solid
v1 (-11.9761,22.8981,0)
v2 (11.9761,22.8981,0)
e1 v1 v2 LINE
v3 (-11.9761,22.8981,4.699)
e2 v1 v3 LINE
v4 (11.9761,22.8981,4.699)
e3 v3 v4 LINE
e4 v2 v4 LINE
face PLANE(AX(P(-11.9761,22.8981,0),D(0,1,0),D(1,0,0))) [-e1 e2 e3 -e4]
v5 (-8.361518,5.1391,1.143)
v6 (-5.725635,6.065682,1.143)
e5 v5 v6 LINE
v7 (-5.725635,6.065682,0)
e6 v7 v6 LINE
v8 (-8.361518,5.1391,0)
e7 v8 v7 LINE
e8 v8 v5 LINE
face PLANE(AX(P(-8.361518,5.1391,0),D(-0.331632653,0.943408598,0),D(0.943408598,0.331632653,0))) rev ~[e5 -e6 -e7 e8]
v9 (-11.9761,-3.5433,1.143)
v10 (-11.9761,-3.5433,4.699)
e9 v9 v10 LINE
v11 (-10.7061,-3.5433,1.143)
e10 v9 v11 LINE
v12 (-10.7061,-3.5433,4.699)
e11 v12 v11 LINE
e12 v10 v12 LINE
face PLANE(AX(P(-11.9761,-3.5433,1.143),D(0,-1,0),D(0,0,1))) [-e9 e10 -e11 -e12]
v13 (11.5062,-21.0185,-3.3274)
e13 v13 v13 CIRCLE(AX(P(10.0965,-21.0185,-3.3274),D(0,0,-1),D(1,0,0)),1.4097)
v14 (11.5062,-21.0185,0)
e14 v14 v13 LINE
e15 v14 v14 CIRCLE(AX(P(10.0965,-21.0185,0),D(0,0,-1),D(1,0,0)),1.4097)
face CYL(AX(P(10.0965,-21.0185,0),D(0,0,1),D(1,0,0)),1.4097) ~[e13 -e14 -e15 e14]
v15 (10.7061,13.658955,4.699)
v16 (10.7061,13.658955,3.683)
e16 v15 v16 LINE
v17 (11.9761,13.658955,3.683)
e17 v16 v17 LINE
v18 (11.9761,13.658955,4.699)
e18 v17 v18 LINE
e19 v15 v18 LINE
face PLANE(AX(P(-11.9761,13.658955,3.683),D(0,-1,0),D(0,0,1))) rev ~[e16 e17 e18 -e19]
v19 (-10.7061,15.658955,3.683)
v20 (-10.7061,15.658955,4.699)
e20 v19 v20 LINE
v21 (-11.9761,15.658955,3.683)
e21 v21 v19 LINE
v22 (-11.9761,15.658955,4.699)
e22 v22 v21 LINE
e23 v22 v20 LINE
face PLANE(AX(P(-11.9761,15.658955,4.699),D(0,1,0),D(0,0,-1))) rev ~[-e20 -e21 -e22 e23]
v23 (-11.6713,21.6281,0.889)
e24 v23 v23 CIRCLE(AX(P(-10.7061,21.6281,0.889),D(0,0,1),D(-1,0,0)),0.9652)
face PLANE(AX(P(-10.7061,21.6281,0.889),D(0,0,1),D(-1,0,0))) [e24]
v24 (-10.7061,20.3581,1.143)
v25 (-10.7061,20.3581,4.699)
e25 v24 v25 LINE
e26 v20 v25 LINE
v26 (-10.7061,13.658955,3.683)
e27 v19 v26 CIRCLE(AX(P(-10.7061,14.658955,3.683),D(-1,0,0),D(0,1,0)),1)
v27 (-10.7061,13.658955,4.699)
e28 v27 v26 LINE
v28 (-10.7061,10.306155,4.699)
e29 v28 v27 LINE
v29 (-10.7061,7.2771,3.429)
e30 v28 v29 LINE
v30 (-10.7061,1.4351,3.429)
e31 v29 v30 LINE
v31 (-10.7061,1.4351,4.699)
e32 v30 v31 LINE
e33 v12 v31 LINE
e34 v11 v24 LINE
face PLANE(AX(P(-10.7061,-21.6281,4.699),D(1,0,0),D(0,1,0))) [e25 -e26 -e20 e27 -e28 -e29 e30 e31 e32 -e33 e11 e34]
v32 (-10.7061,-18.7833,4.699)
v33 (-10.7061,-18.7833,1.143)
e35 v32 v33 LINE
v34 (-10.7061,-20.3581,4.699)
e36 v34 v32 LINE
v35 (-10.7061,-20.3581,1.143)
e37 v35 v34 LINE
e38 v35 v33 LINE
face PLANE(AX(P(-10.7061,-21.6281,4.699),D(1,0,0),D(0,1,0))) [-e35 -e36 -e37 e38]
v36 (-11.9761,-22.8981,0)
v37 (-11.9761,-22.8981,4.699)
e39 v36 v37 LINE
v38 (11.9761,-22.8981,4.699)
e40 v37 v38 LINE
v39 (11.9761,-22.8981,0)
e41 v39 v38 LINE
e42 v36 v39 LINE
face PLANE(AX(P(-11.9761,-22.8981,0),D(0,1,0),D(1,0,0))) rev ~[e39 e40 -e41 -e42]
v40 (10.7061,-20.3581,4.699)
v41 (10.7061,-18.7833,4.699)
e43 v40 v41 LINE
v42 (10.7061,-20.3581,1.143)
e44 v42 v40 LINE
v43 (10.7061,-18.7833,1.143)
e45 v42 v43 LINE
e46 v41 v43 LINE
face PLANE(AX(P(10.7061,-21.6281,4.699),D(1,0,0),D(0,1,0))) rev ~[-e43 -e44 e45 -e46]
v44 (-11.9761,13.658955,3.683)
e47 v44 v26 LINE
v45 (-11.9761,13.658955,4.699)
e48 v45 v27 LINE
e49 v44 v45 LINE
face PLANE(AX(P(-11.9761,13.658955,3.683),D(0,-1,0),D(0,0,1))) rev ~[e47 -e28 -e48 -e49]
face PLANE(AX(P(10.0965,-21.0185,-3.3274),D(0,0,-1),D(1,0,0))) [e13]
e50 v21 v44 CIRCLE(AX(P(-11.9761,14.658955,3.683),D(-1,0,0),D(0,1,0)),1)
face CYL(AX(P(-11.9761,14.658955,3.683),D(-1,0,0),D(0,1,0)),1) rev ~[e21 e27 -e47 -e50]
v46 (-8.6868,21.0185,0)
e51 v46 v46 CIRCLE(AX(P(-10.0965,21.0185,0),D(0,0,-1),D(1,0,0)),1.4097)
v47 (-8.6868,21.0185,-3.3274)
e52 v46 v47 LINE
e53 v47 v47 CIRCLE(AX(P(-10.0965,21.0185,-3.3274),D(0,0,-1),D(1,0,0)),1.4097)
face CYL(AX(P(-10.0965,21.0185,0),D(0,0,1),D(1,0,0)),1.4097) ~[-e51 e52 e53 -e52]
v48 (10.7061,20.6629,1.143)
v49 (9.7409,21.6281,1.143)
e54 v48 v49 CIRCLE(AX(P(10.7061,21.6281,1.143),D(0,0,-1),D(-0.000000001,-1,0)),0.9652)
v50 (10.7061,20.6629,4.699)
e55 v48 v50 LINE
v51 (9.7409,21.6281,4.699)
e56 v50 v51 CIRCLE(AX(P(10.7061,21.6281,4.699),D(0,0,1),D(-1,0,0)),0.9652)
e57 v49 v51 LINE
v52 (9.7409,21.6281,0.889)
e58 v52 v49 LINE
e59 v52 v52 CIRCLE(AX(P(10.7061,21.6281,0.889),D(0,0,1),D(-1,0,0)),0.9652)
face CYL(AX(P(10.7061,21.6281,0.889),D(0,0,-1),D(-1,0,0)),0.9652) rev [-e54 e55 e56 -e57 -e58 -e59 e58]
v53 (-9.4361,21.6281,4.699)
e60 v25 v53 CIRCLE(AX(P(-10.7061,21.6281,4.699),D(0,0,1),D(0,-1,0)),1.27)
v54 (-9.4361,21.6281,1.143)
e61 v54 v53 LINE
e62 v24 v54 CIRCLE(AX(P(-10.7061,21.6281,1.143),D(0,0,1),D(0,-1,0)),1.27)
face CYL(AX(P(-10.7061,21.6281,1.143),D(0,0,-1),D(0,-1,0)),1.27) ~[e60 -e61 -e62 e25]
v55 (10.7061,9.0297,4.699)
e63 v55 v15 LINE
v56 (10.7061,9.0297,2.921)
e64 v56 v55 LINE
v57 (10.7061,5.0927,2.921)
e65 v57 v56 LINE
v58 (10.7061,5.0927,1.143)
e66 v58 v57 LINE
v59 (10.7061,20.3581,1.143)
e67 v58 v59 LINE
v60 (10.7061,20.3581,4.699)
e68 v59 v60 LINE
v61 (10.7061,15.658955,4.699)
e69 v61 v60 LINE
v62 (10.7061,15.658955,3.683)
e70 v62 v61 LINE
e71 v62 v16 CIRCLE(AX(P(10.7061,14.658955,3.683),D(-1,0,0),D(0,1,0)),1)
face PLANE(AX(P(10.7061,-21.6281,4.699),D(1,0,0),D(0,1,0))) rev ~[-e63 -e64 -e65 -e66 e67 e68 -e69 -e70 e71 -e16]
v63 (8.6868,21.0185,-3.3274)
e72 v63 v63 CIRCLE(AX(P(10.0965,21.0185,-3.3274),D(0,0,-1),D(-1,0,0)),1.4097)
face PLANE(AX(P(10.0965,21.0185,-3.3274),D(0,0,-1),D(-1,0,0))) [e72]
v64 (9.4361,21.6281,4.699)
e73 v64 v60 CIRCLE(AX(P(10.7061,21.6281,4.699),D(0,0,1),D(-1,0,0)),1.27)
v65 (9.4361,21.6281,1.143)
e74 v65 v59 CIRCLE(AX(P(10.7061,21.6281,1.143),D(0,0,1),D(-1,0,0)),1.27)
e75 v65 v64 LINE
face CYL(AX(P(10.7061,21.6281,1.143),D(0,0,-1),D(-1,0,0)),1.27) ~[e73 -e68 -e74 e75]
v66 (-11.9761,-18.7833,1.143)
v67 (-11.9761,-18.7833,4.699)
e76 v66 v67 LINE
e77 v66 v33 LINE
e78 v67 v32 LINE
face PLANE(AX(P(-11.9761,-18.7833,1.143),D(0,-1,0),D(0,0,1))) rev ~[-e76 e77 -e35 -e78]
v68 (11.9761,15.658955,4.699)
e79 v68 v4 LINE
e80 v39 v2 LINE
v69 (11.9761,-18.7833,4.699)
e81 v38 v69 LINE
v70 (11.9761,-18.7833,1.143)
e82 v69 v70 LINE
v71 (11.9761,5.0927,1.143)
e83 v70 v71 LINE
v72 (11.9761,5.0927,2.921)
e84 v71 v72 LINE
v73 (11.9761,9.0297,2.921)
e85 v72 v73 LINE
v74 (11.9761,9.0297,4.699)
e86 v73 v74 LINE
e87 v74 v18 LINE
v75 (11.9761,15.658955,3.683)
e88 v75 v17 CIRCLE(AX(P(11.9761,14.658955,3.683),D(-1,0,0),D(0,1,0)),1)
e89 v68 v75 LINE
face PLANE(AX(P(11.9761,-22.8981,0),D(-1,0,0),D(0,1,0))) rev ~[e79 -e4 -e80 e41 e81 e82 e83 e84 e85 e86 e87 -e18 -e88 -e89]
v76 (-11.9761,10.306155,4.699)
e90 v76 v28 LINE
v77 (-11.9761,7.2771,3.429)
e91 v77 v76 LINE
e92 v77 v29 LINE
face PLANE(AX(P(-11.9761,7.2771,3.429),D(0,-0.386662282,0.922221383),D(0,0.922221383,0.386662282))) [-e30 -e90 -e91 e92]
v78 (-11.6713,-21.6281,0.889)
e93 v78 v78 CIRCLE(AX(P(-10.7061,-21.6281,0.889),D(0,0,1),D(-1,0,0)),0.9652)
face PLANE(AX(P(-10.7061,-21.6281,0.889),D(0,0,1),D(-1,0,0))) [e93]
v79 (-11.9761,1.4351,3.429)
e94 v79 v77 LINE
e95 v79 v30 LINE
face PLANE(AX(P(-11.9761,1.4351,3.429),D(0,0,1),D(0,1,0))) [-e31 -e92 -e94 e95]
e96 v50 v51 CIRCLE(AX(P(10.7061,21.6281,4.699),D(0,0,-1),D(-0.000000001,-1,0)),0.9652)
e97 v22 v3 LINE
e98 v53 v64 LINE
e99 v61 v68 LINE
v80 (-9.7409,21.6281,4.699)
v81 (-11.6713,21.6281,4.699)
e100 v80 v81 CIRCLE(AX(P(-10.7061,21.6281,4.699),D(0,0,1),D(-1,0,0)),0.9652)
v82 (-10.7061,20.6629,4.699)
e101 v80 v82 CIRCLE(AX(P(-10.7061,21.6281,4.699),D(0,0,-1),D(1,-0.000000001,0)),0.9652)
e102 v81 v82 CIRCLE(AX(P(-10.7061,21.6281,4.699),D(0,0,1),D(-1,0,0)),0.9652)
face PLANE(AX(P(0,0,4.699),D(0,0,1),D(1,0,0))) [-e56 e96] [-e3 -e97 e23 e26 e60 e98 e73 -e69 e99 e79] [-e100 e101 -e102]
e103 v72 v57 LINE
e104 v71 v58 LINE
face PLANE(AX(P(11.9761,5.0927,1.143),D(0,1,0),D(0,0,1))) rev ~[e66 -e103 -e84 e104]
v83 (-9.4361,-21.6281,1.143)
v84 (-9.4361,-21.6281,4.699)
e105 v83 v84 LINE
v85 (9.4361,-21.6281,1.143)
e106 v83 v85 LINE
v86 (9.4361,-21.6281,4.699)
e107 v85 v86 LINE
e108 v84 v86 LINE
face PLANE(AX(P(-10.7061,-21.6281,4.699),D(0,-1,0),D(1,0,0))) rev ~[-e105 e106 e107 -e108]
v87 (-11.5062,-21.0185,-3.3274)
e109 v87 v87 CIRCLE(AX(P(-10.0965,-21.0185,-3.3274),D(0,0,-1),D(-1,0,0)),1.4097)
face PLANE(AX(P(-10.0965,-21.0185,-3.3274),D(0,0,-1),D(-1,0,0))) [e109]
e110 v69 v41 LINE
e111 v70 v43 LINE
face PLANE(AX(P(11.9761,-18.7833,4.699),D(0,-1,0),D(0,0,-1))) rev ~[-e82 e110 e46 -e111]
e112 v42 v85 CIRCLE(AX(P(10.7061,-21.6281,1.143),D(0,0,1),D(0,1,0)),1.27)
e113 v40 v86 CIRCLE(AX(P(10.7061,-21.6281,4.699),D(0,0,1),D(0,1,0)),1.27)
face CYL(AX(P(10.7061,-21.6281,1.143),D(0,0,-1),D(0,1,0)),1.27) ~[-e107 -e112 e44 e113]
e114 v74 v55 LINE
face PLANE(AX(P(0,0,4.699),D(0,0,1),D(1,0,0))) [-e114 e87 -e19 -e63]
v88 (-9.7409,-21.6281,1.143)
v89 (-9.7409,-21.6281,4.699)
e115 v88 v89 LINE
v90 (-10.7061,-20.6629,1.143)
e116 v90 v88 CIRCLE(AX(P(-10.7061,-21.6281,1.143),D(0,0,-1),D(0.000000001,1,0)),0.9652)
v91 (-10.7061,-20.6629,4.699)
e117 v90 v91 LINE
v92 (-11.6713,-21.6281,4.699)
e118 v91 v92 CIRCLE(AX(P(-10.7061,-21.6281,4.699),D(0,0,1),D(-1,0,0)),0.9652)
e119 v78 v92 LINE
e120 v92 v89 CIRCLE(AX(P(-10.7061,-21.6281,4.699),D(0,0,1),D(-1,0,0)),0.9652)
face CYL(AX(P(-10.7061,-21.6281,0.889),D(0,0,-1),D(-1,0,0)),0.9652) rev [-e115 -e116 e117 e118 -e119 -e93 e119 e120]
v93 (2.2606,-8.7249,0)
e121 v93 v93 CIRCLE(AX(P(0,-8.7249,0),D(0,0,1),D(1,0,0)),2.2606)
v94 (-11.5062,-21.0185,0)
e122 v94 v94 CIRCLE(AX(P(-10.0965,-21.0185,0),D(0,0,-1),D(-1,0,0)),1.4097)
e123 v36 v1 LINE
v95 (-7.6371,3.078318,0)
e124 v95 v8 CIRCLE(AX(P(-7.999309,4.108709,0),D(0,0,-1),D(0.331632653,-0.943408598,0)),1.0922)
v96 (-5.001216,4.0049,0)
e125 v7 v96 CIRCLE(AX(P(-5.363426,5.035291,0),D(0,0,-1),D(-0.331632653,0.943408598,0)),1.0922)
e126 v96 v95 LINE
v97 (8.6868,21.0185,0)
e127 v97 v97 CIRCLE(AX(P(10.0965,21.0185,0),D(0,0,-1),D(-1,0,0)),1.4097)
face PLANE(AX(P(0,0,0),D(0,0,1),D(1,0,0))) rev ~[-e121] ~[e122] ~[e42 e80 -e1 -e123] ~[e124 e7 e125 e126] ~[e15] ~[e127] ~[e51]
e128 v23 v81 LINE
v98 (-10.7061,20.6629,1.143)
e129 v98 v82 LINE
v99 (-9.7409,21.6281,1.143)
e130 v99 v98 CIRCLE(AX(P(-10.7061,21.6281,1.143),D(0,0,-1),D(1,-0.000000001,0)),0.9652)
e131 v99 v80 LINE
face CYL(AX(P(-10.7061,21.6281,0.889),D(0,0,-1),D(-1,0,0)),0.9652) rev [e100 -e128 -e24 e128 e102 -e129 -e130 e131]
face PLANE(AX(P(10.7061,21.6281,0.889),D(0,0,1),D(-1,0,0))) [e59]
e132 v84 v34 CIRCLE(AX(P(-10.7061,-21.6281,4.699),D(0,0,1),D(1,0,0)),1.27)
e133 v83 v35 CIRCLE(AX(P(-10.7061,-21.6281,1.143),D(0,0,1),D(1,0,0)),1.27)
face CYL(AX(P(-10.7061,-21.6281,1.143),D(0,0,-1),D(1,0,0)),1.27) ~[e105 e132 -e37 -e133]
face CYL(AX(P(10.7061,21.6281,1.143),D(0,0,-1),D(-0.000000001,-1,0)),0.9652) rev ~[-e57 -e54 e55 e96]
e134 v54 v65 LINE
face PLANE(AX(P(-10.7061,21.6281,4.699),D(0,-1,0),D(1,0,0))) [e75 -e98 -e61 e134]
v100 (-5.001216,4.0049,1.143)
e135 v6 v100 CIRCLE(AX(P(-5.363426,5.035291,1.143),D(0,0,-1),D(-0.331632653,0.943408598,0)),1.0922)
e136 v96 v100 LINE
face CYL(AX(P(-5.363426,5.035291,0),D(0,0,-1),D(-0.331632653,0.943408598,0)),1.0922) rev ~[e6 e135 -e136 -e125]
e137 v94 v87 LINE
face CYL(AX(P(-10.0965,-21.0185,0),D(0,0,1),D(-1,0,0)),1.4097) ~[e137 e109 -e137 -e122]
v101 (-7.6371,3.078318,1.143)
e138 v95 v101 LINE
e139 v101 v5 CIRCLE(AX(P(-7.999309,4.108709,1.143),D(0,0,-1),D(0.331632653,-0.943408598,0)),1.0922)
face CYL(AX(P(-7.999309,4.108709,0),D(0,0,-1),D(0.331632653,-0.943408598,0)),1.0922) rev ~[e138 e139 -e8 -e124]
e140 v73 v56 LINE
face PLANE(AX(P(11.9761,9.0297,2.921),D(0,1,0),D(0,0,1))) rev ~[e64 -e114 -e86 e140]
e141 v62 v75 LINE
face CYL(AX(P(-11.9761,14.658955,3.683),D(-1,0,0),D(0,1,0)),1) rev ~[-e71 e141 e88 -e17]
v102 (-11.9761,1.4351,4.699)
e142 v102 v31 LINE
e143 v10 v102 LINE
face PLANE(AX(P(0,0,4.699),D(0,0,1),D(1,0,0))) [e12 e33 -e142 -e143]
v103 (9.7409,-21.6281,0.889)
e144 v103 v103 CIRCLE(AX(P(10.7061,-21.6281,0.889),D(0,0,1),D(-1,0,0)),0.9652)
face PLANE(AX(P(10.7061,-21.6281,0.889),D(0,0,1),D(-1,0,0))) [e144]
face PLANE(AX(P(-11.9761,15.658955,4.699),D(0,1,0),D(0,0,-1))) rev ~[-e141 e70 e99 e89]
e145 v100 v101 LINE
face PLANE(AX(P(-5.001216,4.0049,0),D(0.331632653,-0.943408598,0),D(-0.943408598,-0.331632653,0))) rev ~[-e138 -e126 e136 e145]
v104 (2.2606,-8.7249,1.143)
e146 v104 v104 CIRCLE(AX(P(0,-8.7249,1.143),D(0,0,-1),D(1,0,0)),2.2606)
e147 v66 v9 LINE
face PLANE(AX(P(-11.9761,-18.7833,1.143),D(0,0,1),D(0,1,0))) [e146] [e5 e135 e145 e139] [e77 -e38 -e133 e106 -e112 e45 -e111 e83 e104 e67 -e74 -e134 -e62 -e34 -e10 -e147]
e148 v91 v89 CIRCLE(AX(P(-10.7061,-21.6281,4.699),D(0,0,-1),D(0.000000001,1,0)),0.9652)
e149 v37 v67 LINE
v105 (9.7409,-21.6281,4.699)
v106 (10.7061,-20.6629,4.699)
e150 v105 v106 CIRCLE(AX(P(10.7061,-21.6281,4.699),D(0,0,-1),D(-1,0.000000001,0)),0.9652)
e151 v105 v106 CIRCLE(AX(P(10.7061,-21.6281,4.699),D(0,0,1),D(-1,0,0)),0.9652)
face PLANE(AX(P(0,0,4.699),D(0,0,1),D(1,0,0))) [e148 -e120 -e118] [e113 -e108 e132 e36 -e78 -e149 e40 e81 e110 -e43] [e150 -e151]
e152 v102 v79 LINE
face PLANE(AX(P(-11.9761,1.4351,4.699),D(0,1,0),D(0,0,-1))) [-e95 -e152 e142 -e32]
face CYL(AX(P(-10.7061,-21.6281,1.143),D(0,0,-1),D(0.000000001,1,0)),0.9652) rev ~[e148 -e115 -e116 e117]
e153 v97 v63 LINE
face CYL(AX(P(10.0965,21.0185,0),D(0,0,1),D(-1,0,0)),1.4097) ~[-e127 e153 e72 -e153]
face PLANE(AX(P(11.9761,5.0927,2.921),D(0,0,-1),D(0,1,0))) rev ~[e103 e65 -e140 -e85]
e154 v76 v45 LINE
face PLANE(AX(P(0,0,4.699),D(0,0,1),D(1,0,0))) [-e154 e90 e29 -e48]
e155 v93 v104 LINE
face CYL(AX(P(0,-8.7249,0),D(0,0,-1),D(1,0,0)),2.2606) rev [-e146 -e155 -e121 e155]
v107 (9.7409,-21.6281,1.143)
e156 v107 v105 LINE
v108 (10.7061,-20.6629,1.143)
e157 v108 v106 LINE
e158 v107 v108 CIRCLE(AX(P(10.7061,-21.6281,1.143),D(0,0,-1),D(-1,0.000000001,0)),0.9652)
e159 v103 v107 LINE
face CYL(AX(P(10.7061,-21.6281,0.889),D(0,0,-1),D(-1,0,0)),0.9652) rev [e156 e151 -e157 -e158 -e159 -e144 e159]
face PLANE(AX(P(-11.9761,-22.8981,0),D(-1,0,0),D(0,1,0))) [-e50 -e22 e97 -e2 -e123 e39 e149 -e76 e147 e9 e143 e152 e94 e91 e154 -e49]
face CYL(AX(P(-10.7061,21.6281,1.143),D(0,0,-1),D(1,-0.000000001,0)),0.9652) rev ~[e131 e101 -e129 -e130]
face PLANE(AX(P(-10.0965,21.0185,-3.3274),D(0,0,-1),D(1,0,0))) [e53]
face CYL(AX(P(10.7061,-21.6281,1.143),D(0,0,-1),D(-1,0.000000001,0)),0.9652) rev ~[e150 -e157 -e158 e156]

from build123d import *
from build123d.topology import SkipClean

# Parameters (mm, degrees)
SKETCH2_W           = 23.9522
SKETCH2_H           = 45.7962
SKETCH2_R           = 2.2606
BOSS_EXTRUDE1_DEPTH = 4.699
SKETCH4_W           = 21.4122
SKETCH4_H           = 43.2562
CUT_EXTRUDE1_DEPTH  = 3.556
SKETCH5_R           = 1.4097
BOSS_EXTRUDE2_DEPTH = 3.3274
SKETCH6_W           = 3.556
SKETCH6_H           = 15.24
CUT_EXTRUDE3_DEPTH  = 2.54
CUT_EXTRUDE4_DEPTH  = 34.468066413
CUT_EXTRUDE5_DEPTH  = 2.54
BOSS_EXTRUDE3_DEPTH = 3.556
CUT_EXTRUDE6_START  = -3.81
SKETCH12_R          = 0.9652
CUT_EXTRUDE6_DEPTH  = 3.81


with BuildPart() as part:
    # Sketch2 → Boss-Extrude1 (new body)
    with BuildSketch(Plane.XY):
        Rectangle(SKETCH2_W, SKETCH2_H)
        with Locations((0, -8.7249)):
            Circle(SKETCH2_R, mode=Mode.SUBTRACT)
        with BuildLine():
            Line((-8.361518313, 5.139100055), (-5.725634689, 6.065681687))
            ThreePointArc((-5.725634689, 6.065681687), (-4.333034634, 5.3975), (-5.001216321, 4.004899945))
            Line((-5.001216321, 4.004899945), (-7.637099945, 3.078318313))
            ThreePointArc((-7.637099945, 3.078318313), (-9.0297, 3.7465), (-8.361518313, 5.139100055))
        make_face(mode=Mode.SUBTRACT)
    extrude(amount=BOSS_EXTRUDE1_DEPTH)

    # Sketch4 → Cut-Extrude1 (cut)
    with BuildSketch(Plane.XY.offset(4.699)):
        Rectangle(SKETCH4_W, SKETCH4_H)
    extrude(amount=-CUT_EXTRUDE1_DEPTH, mode=Mode.SUBTRACT)

    # Sketch5 → Boss-Extrude2 (add)
    with BuildSketch(Plane(origin=(0, 0, 0), x_dir=(-1, 0, 0), z_dir=(0, 0, -1))):
        with Locations((-10.0965, 21.0185)):
            Circle(SKETCH5_R)
        with Locations(Location((10.0965, 21.0185, 0), (0, 0, 180))):
            Circle(SKETCH5_R)
        with Locations((10.0965, -21.0185)):
            Circle(SKETCH5_R)
        with Locations(Location((-10.0965, -21.0185, 0), (0, 0, 180))):
            Circle(SKETCH5_R)
    extrude(amount=BOSS_EXTRUDE2_DEPTH)

    # Sketch6 → Cut-Extrude3 (cut)
    with BuildSketch(Plane.ZY.offset(11.9761)):
        with Locations((2.921, -11.1633)):
            Rectangle(SKETCH6_W, SKETCH6_H)
        Polygon((4.699, 1.4351), (3.429, 1.4351), (3.429, 7.2771), (4.699, 10.306154579), align=None)
    extrude(amount=-CUT_EXTRUDE3_DEPTH, mode=Mode.SUBTRACT)

    # Sketch6<5> → Cut-Extrude4 (cut, through all)
    with BuildSketch(Plane.ZY.offset(11.9761)):
        with BuildLine():
            Line((3.683, 13.658954579), (4.699, 13.658954579))
            Line((4.699, 13.658954579), (4.699, 15.658954579))
            Line((4.699, 15.658954579), (3.683, 15.658954579))
            ThreePointArc((3.683, 15.658954579), (2.683, 14.658954579), (3.683, 13.658954579))
        make_face()
    extrude(amount=-CUT_EXTRUDE4_DEPTH, mode=Mode.SUBTRACT)

    # Sketch8 → Cut-Extrude5 (cut)
    with BuildSketch(Plane(origin=(11.9761, 0, 0), x_dir=(0, 0, -1), z_dir=(1, 0, 0))):
        Polygon((-4.699, -18.7833), (-1.143, -18.7833), (-1.143, 5.0927), (-2.921, 5.0927), (-2.921, 9.0297), (-4.699, 9.0297), align=None)
    extrude(amount=-CUT_EXTRUDE5_DEPTH, mode=Mode.SUBTRACT)

    # Sketch10 → Boss-Extrude3 (add)
    with BuildSketch(Plane.XY.offset(1.143)):
        with BuildLine():
            Line((-10.7061, 20.6629), (-10.7061, 20.3581))
            ThreePointArc((-10.7061, 20.3581), (-9.808074388, 20.730074388), (-9.4361, 21.6281))
            Line((-9.4361, 21.6281), (-9.7409, 21.6281))
            ThreePointArc((-9.7409, 21.6281), (-10.023600535, 20.945600535), (-10.7061, 20.6629))
        make_face()
        with BuildLine():
            ThreePointArc((9.4361, 21.6281), (9.808074388, 20.730074388), (10.7061, 20.3581))
            Line((10.7061, 20.3581), (10.7061, 20.6629))
            ThreePointArc((10.7061, 20.6629), (10.023600535, 20.945600535), (9.7409, 21.6281))
            Line((9.7409, 21.6281), (9.4361, 21.6281))
        make_face()
        with BuildLine():
            ThreePointArc((-9.4361, -21.6281), (-9.808074388, -20.730074388), (-10.7061, -20.3581))
            Line((-10.7061, -20.3581), (-10.7061, -20.6629))
            ThreePointArc((-10.7061, -20.6629), (-10.023600535, -20.945600535), (-9.7409, -21.6281))
            Line((-9.7409, -21.6281), (-9.4361, -21.6281))
        make_face()
        with BuildLine():
            Line((9.4361, -21.6281), (9.7409, -21.6281))
            ThreePointArc((9.7409, -21.6281), (10.023600535, -20.945600535), (10.7061, -20.6629))
            Line((10.7061, -20.6629), (10.7061, -20.3581))
            ThreePointArc((10.7061, -20.3581), (9.808074388, -20.730074388), (9.4361, -21.6281))
        make_face()
    extrude(amount=BOSS_EXTRUDE3_DEPTH)

    # Sketch12 → Cut-Extrude6 (cut)
    with SkipClean():  # the faces are left unmerged after this step: merging them gives an invalid solid
        with BuildSketch(Plane.XY.offset(4.699).offset(CUT_EXTRUDE6_START)):
            with Locations(Location((-10.7061, 21.6281, 0), (0, 0, 180))):
                Circle(SKETCH12_R)
            with Locations(Location((10.7061, 21.6281, 0), (0, 0, 180))):
                Circle(SKETCH12_R)
            with Locations(Location((10.7061, -21.6281, 0), (0, 0, 180))):
                Circle(SKETCH12_R)
            with Locations(Location((-10.7061, -21.6281, 0), (0, 0, 180))):
                Circle(SKETCH12_R)
        extrude(amount=CUT_EXTRUDE6_DEPTH, mode=Mode.SUBTRACT)


solid = part.part
